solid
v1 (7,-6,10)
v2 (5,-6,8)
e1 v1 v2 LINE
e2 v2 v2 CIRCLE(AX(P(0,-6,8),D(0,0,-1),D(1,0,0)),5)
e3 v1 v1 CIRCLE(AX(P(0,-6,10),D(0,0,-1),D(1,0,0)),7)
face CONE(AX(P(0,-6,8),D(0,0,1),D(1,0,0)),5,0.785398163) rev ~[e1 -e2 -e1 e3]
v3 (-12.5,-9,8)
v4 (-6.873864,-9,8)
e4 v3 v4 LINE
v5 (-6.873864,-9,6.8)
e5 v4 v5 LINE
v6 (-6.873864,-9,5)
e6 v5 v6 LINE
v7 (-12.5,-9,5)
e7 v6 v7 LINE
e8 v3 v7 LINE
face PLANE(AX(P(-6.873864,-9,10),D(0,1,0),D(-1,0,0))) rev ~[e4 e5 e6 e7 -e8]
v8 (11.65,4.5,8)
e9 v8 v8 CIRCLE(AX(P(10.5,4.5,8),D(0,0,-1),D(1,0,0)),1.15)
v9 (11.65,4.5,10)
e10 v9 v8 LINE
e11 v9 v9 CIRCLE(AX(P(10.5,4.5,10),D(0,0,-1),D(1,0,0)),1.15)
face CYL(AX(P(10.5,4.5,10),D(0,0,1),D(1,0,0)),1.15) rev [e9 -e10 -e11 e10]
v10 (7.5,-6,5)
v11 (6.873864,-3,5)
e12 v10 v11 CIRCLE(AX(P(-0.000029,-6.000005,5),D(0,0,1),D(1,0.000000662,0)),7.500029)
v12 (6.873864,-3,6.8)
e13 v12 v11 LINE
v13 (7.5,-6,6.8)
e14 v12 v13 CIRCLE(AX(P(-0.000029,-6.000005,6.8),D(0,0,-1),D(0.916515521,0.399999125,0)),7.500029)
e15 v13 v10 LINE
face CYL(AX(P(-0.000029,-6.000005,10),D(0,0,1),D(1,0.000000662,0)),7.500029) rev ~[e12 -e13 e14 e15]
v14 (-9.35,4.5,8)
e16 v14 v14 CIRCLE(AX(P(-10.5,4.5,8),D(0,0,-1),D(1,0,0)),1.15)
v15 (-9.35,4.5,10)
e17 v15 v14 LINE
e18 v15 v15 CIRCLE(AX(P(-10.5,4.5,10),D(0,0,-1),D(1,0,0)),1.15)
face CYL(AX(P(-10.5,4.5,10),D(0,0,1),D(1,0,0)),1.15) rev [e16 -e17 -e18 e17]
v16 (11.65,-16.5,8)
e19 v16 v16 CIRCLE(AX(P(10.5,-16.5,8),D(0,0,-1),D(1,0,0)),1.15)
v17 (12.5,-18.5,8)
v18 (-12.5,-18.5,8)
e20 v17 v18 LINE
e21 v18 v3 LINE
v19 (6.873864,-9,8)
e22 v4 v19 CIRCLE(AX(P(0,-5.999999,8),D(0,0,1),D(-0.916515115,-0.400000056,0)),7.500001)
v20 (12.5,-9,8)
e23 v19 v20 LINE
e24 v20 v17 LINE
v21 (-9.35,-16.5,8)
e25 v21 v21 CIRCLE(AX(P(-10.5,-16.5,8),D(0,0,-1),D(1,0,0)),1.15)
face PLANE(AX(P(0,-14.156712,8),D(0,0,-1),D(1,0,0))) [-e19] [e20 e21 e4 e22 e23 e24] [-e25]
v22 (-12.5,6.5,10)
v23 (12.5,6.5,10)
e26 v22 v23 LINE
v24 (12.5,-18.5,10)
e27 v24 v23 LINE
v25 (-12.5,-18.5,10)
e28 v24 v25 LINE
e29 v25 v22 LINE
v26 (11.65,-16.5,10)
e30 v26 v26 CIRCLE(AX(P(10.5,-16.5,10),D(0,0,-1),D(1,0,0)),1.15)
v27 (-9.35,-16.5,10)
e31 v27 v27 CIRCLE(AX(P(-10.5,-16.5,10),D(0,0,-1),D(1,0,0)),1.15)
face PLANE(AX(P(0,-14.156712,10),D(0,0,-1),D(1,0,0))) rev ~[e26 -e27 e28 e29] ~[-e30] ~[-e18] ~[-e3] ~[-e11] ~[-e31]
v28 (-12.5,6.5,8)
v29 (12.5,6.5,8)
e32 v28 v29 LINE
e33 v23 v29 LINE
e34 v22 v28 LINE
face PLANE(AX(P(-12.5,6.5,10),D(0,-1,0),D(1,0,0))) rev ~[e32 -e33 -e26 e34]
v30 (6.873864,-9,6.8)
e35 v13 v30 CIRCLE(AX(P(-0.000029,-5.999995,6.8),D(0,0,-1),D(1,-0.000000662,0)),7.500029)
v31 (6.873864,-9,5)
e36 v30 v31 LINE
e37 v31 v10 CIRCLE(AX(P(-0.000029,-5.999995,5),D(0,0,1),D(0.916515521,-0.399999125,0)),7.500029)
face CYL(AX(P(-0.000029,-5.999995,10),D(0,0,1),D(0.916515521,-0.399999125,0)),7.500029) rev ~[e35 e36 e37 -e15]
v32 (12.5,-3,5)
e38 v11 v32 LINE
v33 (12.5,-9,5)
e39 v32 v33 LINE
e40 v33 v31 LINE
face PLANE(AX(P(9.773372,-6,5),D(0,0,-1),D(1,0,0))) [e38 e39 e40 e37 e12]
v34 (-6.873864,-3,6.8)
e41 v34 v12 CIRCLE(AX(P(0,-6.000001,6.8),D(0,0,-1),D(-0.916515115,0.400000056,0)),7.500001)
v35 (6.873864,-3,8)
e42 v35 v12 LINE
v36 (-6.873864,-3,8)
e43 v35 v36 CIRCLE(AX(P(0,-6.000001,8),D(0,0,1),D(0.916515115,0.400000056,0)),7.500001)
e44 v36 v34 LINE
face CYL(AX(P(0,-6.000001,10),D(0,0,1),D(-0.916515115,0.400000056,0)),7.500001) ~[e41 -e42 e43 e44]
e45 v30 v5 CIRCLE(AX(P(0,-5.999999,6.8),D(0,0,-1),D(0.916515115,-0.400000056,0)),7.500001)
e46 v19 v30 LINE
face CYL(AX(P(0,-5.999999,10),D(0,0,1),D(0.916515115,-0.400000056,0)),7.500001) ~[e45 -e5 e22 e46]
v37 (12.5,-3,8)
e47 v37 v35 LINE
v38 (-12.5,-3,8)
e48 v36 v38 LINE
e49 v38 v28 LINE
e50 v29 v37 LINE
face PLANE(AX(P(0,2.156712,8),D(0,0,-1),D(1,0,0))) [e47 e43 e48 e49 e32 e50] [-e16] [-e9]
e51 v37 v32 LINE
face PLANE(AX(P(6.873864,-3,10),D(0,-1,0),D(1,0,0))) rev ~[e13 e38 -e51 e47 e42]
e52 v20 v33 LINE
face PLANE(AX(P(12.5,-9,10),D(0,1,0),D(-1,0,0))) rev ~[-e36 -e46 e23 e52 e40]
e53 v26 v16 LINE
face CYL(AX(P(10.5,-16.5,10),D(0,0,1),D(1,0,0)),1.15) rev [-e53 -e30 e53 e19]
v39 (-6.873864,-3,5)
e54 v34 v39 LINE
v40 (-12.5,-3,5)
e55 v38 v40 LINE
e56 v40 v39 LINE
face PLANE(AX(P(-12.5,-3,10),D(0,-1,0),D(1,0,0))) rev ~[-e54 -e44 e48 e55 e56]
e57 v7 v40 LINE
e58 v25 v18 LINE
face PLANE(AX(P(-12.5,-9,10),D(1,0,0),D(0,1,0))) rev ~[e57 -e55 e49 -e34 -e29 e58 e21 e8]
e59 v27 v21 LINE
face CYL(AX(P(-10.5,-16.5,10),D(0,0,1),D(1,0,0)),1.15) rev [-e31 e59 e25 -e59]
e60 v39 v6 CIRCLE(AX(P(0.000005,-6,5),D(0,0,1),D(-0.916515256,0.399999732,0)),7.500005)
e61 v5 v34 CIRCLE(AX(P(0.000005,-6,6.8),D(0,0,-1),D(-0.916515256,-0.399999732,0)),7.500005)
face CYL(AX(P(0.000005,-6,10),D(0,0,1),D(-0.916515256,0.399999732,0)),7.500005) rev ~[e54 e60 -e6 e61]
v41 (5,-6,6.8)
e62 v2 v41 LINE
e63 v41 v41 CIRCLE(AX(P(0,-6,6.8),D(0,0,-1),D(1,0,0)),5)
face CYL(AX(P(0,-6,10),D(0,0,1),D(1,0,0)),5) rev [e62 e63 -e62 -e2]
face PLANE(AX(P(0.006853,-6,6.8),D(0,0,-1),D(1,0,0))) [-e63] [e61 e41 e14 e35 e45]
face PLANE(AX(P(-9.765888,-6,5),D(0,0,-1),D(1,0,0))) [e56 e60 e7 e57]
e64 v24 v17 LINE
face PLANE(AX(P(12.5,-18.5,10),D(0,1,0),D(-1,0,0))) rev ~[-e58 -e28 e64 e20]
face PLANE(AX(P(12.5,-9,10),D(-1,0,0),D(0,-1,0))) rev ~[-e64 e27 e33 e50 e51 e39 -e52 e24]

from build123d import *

# Parameters (mm, degrees)
F0_R     = 5
F1_DEPTH = 3.2
F0_R_2   = 1.15
F2_DEPTH = 2
F3_DEPTH = 5
F4_SIZE  = 2
F5_ANGLE = 180


with BuildPart() as f1:
    # F0 (on Top) → F1 (new body)
    with BuildSketch(Plane.XY):
        with BuildLine():
            ThreePointArc((6.873864, -3), (7.341797, -1.532322), (7.5, 0))
            ThreePointArc((7.5, 0), (7.341797, 1.532322), (6.873864, 3))
            ThreePointArc((6.873864, 3), (0, 7.5), (-6.873864, 3))
            ThreePointArc((-6.873864, 3), (-7.5, 0), (-6.873864, -3))
            ThreePointArc((-6.873864, -3), (0, -7.5), (6.873864, -3))
        make_face()
        Circle(F0_R, mode=Mode.SUBTRACT)
    extrude(amount=F1_DEPTH)

    # F0 (on Top) → F2 (join)
    with BuildSketch(Plane.XY):
        with BuildLine():
            ThreePointArc((-6.873864, 3), (0, 7.5), (6.873864, 3))
            Line((6.873864, 3), (12.5, 3))
            Line((12.5, 3), (12.5, 12.5))
            Line((12.5, 12.5), (-12.5, 12.5))
            Line((-12.5, 12.5), (-12.5, 3))
            Line((-12.5, 3), (-6.873864, 3))
        make_face()
        with Locations((-10.5, 10.5)):
            Circle(F0_R_2, mode=Mode.SUBTRACT)
        with Locations((10.5, 10.5)):
            Circle(F0_R_2, mode=Mode.SUBTRACT)
        with BuildLine():
            Line((12.5, -3), (6.873864, -3))
            ThreePointArc((6.873864, -3), (0, -7.5), (-6.873864, -3))
            Line((-6.873864, -3), (-12.5, -3))
            Line((-12.5, -3), (-12.5, -12.5))
            Line((-12.5, -12.5), (12.5, -12.5))
            Line((12.5, -12.5), (12.5, -3))
        make_face()
        with Locations((-10.5, -10.5)):
            Circle(F0_R_2, mode=Mode.SUBTRACT)
        with Locations((10.5, -10.5)):
            Circle(F0_R_2, mode=Mode.SUBTRACT)
    extrude(amount=F2_DEPTH)

    # F0 (on Top) → F3 (join)
    with BuildSketch(Plane.XY):
        with BuildLine():
            ThreePointArc((-6.873864, -3), (-7.5, 0), (-6.873864, 3))
            Line((-6.873864, 3), (-12.5, 3))
            Line((-12.5, 3), (-12.5, -3))
            Line((-12.5, -3), (-6.873864, -3))
        make_face()
        with BuildLine():
            ThreePointArc((6.873864, 3), (7.341797, 1.532322), (7.5, 0))
            ThreePointArc((7.5, 0), (7.341797, -1.532322), (6.873864, -3))
            Line((6.873864, -3), (12.5, -3))
            Line((12.5, -3), (12.5, 3))
            Line((12.5, 3), (6.873864, 3))
        make_face()
    extrude(amount=F3_DEPTH)

    # F4
    f4_edges = [f1.edges().sort_by_distance(p)[0] for p in [
        (-5, 0, 0),
    ]]
    chamfer(f4_edges, length=F4_SIZE)


with BuildPart() as f1_1:
    # F5: moved
    add(f1.part.rotate(Axis((9.686932, -3, 5), (1, 0, 0)), F5_ANGLE))


solid = f1_1.part
